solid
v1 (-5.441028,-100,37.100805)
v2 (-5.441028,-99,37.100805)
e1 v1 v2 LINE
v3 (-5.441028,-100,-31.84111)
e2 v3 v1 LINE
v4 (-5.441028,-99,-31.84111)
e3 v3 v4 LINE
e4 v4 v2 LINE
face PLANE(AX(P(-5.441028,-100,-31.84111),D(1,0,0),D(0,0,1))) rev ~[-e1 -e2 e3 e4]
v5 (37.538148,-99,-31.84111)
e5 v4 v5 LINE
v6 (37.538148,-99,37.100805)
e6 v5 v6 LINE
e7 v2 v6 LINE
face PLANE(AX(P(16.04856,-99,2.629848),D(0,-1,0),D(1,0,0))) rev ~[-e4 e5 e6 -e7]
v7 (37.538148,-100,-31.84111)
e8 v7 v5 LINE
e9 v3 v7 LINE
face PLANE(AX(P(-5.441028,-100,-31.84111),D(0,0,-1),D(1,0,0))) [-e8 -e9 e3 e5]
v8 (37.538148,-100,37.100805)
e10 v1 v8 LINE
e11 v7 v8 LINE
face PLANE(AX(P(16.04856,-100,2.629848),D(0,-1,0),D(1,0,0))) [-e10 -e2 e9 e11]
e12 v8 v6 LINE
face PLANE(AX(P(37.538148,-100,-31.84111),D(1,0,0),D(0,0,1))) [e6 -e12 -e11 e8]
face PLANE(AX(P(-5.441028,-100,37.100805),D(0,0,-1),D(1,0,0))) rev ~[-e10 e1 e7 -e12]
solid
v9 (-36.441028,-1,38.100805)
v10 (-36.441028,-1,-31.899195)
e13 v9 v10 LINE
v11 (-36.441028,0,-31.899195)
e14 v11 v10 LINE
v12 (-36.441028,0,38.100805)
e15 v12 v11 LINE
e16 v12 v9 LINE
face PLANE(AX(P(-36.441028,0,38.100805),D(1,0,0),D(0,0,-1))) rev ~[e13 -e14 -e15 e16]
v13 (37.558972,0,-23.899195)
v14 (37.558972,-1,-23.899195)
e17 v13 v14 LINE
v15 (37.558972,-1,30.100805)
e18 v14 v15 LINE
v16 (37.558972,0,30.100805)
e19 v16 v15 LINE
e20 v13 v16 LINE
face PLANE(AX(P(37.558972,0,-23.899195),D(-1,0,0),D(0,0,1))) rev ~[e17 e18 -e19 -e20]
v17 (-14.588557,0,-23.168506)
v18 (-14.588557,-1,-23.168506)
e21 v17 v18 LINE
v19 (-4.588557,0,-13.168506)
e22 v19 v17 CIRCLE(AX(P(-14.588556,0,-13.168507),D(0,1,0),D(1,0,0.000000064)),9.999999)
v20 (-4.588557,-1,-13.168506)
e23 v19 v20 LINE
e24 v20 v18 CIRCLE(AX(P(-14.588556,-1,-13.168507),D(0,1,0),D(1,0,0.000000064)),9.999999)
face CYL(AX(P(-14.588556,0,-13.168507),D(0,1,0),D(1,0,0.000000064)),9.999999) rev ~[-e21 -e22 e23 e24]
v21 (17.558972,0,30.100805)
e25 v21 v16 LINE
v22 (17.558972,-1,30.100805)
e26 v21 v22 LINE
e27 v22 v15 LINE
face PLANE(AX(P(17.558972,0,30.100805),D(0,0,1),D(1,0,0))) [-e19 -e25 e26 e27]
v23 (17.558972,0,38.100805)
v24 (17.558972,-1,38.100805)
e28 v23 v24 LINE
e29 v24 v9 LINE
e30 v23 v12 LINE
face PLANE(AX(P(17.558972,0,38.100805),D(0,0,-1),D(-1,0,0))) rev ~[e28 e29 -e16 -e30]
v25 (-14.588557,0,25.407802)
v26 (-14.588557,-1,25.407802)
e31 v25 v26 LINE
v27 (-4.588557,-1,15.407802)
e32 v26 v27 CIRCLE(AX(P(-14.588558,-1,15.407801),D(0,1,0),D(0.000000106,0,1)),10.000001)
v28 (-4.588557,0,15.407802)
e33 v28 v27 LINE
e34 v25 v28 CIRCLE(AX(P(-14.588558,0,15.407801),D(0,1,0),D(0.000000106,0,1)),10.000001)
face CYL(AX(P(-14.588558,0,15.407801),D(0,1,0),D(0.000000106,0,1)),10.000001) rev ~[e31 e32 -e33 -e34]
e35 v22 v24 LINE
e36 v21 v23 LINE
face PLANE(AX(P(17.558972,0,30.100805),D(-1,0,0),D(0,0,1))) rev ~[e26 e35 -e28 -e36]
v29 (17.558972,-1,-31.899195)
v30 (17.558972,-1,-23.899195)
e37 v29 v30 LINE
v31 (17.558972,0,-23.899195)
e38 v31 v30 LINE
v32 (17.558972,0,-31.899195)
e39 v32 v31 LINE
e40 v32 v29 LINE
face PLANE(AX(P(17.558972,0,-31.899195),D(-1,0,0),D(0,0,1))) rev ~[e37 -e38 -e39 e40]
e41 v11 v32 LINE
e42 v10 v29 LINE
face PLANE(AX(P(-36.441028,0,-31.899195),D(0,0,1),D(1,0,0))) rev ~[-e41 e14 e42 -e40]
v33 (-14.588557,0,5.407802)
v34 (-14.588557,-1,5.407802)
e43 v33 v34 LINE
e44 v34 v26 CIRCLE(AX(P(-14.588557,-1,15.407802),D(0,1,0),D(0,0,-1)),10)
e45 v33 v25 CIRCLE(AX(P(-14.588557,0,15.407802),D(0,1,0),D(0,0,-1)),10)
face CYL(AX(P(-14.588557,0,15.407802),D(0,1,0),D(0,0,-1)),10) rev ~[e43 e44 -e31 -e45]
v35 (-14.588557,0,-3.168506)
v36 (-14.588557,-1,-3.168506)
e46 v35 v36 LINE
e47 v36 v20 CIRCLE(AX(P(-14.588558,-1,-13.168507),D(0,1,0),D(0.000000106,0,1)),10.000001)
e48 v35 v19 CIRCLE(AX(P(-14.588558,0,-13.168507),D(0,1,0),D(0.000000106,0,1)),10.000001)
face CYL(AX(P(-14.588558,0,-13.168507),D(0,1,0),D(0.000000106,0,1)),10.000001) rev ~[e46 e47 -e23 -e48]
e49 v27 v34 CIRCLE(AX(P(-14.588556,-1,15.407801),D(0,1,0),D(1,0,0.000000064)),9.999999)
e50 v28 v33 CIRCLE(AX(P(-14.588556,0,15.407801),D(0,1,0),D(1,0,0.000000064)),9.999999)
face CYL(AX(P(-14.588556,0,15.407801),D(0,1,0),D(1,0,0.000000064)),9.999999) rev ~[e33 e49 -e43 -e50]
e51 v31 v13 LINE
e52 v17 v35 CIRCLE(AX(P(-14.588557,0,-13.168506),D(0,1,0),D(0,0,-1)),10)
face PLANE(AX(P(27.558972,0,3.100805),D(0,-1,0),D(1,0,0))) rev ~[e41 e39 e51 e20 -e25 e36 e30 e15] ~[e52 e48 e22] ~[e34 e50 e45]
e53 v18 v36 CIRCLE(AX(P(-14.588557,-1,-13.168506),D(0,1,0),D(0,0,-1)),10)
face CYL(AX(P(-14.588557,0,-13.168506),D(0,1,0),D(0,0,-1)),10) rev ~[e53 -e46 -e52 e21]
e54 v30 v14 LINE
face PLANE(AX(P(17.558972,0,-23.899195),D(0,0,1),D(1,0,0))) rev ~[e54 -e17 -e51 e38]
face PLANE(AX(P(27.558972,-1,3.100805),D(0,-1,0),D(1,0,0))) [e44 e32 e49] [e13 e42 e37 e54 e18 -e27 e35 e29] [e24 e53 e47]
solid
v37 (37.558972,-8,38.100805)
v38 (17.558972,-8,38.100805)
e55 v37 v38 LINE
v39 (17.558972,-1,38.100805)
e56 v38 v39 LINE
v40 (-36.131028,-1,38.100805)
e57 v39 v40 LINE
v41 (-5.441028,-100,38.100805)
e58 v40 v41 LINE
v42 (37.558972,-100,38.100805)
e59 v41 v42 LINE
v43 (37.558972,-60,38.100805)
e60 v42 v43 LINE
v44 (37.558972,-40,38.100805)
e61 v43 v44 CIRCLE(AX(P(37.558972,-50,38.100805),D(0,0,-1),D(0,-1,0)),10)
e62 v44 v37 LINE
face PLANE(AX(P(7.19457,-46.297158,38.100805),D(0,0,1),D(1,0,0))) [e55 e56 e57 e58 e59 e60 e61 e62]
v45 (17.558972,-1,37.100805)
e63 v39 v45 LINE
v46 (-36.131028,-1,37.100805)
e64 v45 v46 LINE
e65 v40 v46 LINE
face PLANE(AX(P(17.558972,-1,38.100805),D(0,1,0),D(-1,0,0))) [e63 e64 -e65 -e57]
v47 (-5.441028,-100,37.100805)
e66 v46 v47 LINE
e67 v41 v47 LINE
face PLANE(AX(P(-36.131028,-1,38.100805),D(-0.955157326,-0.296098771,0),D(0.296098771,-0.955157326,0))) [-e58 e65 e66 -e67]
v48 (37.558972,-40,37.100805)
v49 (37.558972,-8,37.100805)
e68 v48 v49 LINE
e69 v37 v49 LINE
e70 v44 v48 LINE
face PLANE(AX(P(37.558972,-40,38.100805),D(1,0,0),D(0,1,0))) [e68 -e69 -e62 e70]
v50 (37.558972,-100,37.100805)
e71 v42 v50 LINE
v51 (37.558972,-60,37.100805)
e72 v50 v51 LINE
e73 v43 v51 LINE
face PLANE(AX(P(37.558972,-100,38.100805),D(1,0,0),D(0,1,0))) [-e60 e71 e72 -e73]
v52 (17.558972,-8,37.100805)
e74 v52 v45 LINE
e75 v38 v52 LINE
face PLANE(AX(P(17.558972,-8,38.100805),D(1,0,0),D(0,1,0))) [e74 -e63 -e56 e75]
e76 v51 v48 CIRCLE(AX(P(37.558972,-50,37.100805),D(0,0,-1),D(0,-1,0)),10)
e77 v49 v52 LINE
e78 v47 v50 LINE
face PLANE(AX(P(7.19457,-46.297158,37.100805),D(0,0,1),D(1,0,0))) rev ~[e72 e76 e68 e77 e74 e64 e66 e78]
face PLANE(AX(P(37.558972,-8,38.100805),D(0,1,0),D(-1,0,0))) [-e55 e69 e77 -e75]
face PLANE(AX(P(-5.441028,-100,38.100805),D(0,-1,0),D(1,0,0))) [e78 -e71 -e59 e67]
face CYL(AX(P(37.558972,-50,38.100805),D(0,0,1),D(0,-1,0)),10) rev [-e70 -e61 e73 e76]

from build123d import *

# Parameters (mm, degrees)
F0_W     = 20
F0_H     = 54
F1_DEPTH = 1
F4_DEPTH = 1
F5_W     = 42.979176
F5_H     = 68.941915
F6_DEPTH = 1


with BuildPart() as f1:
    # F0 (on Front) → F1 (new body)
    with BuildSketch(Plane.XZ):
        with Locations((27.558972, 3.100805)):
            Rectangle(F0_W, F0_H)
        with BuildLine():
            Line((17.558972, -31.899195), (17.558972, -23.899195))
            Line((17.558972, -23.899195), (17.558972, 30.100805))
            Line((17.558972, 30.100805), (17.558972, 38.100805))
            Line((17.558972, 38.100805), (-14.588557, 38.100805))
            Line((-14.588557, 38.100805), (-14.588557, 25.407802))
            ThreePointArc((-14.588557, 25.407802), (-7.517489, 22.478869), (-4.588557, 15.407802))
            ThreePointArc((-4.588557, 15.407802), (-7.517489, 8.336734), (-14.588557, 5.407802))
            Line((-14.588557, 5.407802), (-14.588557, -3.168506))
            ThreePointArc((-14.588557, -3.168506), (-7.517489, -6.097439), (-4.588557, -13.168506))
            ThreePointArc((-4.588557, -13.168506), (-7.517489, -20.239574), (-14.588557, -23.168506))
            Line((-14.588557, -23.168506), (-14.588557, -31.899195))
            Line((-14.588557, -31.899195), (17.558972, -31.899195))
        make_face()
        with BuildLine():
            Line((-36.441028, -31.899195), (-14.588557, -31.899195))
            Line((-14.588557, -31.899195), (-14.588557, -23.168506))
            ThreePointArc((-14.588557, -23.168506), (-24.588557, -13.168506), (-14.588557, -3.168506))
            Line((-14.588557, -3.168506), (-14.588557, 5.407802))
            ThreePointArc((-14.588557, 5.407802), (-24.588557, 15.407802), (-14.588557, 25.407802))
            Line((-14.588557, 25.407802), (-14.588557, 38.100805))
            Line((-14.588557, 38.100805), (-36.441028, 38.100805))
            Line((-36.441028, 38.100805), (-36.441028, -31.899195))
        make_face()
    extrude(amount=F1_DEPTH)


with BuildPart() as f4:
    # F3 (on face) → F4 (new body)
    with BuildSketch(Plane.XY.offset(38.100805)):
        with BuildLine():
            Line((-36.131028, -1), (-5.441028, -100))
            Line((-5.441028, -100), (37.558972, -100))
            Line((37.558972, -100), (37.558972, -60))
            ThreePointArc((37.558972, -60), (27.558972, -50), (37.558972, -40))
            Line((37.558972, -40), (37.558972, -8))
            Line((37.558972, -8), (17.558972, -8))
            Line((17.558972, -8), (17.558972, -1))
            Line((17.558972, -1), (-36.131028, -1))
        make_face()
    extrude(amount=-F4_DEPTH)


with BuildPart() as f6:
    # F5 (on face) → F6 (new body)
    with BuildSketch(Plane.XZ.offset(100)):
        with Locations((16.04856, 2.629848)):
            Rectangle(F5_W, F5_H)
    extrude(amount=-F6_DEPTH)


solid = Compound([f1.part, f4.part, f6.part])
